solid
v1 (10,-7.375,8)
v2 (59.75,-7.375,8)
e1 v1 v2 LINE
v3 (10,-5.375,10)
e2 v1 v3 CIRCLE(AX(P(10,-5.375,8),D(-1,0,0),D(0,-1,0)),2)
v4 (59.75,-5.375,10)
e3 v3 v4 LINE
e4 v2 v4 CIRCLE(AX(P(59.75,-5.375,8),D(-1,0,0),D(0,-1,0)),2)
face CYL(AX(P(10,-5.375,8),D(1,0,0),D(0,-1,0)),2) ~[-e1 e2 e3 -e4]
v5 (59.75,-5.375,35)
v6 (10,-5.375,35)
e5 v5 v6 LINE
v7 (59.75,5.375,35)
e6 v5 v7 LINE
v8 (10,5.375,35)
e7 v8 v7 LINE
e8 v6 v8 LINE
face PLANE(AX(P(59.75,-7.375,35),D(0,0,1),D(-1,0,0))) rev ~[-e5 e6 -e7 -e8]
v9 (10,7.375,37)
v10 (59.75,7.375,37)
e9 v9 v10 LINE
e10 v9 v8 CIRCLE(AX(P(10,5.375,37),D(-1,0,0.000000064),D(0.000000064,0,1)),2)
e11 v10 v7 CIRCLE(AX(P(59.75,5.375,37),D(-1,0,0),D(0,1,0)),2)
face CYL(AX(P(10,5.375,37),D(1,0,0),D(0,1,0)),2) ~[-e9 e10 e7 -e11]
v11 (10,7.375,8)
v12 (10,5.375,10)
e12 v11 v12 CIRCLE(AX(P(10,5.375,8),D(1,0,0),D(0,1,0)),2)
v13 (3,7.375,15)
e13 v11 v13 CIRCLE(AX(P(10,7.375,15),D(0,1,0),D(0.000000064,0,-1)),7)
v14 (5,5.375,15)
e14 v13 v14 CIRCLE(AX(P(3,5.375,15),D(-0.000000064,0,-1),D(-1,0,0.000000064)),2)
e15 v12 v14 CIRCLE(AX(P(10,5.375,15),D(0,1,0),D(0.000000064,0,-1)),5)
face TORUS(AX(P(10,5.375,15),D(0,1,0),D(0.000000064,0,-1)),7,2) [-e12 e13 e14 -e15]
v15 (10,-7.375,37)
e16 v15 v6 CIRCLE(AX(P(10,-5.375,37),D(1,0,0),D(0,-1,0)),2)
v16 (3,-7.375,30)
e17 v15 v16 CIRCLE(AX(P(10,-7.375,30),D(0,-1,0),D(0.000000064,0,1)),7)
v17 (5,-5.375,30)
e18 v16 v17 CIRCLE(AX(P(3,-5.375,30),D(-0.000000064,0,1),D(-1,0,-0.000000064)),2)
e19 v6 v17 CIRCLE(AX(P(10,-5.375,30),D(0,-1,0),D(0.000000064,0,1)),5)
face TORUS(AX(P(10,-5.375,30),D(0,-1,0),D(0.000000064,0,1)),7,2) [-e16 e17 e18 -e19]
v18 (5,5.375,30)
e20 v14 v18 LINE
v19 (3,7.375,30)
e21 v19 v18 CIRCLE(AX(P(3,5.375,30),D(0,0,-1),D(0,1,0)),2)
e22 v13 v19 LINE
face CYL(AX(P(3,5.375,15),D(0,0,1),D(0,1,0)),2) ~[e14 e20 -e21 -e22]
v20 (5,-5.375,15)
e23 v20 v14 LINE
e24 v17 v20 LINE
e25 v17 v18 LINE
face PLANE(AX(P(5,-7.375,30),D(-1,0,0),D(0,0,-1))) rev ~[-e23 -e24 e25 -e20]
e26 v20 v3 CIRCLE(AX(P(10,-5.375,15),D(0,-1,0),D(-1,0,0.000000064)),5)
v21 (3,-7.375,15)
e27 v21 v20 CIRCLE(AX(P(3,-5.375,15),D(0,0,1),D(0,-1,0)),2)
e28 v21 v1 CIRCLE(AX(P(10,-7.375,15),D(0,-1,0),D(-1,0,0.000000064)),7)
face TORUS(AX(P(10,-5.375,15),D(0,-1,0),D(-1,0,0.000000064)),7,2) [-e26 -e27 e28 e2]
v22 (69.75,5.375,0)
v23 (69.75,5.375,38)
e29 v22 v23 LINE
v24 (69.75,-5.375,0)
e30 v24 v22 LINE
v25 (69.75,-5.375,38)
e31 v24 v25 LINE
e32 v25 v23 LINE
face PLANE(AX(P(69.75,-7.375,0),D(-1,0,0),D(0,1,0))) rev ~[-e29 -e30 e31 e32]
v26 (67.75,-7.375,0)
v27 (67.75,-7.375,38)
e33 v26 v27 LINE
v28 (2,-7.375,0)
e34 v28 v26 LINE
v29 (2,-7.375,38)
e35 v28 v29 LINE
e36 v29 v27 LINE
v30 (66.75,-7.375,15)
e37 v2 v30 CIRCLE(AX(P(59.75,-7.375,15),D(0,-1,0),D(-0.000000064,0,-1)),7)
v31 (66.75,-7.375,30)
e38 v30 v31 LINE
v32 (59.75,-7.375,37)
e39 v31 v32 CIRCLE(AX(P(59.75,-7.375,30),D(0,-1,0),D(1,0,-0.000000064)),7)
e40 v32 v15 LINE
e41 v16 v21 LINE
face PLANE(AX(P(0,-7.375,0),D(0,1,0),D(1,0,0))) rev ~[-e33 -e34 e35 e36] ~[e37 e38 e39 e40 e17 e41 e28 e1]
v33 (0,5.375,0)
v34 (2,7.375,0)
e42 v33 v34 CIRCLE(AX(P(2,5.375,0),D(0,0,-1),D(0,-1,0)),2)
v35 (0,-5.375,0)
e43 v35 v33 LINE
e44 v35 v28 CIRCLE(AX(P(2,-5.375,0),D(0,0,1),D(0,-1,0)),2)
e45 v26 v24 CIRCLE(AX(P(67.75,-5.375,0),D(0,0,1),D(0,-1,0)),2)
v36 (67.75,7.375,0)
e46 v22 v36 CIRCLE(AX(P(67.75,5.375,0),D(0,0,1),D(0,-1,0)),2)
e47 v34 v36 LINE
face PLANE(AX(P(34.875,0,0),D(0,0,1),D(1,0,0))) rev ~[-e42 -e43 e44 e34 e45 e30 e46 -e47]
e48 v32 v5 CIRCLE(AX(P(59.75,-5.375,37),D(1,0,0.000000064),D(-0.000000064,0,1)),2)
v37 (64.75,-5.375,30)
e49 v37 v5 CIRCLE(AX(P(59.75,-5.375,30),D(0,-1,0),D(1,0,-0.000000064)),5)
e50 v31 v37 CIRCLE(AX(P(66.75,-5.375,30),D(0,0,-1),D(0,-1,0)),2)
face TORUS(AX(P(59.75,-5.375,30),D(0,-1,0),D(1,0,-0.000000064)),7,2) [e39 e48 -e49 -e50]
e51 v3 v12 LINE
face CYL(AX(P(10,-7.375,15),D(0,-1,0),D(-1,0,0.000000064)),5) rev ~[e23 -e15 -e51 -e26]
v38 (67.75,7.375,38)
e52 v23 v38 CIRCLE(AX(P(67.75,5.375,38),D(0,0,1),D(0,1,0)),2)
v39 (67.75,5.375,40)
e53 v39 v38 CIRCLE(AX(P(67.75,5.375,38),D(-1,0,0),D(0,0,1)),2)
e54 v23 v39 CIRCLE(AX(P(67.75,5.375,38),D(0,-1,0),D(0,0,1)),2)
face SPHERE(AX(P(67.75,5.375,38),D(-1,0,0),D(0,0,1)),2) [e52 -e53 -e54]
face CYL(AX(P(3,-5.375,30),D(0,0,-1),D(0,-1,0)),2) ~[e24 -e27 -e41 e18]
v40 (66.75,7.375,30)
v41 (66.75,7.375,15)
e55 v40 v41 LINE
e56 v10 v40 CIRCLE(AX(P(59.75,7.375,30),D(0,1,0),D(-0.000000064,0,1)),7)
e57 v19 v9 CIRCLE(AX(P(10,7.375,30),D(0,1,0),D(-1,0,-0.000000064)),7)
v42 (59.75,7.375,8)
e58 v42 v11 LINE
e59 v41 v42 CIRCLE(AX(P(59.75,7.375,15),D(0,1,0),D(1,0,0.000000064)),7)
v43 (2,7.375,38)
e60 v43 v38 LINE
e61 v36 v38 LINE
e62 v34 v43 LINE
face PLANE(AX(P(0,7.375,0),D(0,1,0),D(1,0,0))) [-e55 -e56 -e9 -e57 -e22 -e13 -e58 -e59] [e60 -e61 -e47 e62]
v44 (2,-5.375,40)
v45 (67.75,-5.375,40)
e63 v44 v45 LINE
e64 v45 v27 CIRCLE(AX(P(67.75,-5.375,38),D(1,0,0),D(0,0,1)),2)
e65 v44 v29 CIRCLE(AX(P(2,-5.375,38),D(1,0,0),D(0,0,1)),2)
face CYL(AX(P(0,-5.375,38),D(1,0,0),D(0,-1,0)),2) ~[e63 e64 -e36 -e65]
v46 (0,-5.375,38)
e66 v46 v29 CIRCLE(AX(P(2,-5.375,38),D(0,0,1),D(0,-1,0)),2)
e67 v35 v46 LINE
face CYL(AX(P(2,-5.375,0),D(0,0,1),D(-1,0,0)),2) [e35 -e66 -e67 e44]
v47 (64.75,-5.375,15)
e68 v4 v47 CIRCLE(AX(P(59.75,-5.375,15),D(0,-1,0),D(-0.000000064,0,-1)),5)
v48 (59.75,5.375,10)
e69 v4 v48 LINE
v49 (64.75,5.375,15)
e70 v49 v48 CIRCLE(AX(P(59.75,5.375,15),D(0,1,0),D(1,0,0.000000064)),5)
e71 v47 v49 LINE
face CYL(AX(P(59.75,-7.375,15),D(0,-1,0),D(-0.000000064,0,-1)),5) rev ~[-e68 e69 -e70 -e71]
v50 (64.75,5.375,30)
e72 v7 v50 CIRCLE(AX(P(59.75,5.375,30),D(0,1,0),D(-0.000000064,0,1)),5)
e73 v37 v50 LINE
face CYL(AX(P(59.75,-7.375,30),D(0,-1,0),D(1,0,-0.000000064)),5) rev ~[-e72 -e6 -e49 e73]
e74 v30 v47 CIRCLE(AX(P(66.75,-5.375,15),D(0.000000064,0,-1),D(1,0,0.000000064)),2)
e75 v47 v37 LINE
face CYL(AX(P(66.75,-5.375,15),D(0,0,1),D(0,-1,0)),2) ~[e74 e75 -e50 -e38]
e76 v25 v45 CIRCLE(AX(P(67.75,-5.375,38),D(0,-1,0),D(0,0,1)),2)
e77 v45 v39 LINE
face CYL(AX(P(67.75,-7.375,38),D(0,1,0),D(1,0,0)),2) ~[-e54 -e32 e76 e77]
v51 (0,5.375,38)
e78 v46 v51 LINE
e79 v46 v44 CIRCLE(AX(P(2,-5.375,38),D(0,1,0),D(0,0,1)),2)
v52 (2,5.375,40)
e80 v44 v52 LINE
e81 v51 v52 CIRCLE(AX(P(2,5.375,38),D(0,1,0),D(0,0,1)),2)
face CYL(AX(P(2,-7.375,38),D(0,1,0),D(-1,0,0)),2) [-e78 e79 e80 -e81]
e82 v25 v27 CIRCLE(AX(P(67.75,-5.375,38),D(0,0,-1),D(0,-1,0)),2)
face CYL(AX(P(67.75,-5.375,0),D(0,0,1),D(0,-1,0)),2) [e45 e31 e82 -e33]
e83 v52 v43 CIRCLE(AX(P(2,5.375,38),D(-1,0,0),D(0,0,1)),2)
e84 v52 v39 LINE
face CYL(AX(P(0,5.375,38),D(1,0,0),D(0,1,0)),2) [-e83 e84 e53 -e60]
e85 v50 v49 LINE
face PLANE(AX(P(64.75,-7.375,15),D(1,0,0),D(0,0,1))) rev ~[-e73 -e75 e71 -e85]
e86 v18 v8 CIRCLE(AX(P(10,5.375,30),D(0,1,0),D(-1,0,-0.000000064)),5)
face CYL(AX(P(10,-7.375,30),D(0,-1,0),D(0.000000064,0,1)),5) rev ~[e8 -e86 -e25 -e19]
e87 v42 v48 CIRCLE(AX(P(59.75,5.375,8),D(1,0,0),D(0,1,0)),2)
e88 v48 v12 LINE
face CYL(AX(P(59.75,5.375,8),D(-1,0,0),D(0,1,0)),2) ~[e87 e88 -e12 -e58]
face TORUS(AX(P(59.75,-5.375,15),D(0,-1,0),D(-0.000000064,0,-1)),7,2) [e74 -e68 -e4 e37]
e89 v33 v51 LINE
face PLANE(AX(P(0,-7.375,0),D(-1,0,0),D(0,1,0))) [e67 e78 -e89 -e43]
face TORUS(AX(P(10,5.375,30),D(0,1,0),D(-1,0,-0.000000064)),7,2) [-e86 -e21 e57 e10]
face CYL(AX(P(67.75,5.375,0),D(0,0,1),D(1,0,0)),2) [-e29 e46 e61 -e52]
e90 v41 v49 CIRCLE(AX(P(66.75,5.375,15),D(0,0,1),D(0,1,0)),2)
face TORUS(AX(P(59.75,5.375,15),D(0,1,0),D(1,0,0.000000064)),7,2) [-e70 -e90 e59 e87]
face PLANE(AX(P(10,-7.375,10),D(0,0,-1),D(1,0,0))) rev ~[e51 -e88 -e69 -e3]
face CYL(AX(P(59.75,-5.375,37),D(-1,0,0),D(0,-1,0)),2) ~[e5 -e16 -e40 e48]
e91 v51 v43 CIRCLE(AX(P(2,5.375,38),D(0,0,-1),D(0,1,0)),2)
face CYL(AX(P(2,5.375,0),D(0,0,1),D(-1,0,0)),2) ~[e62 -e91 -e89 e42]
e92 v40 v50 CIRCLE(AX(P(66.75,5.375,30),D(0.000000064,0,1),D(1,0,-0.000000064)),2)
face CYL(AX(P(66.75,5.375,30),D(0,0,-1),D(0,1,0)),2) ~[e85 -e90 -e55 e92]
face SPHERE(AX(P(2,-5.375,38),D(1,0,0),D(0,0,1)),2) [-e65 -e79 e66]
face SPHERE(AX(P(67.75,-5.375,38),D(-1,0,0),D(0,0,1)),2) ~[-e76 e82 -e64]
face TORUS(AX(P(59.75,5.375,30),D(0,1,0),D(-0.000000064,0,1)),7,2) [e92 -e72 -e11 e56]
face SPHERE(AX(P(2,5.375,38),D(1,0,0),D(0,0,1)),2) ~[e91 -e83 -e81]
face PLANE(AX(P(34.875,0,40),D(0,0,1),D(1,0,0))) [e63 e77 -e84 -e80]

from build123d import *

# Parameters (mm, degrees)
F0_W     = 69.75
F0_H     = 14.75
F1_DEPTH = 40
F2_R     = 2
F4_DEPTH = 14.751
F7_R     = 2


with BuildPart() as f1:
    # F0 (on Top) → F1 (new body)
    with BuildSketch(Plane.XY):
        with Locations((34.875, 0)):
            Rectangle(F0_W, F0_H)
    extrude(amount=F1_DEPTH)

    # F2
    f2_edges = [f1.edges().sort_by_distance(p)[0] for p in [
        (34.875, -7.375, 40),
        (34.875, 7.375, 40),
        (69.75, 0, 40),
        (0, 0, 40),
        (69.75, -7.375, 20),
        (69.75, 7.375, 20),
        (0, -7.375, 20),
        (0, 7.375, 20),
    ]]
    fillet(f2_edges, radius=F2_R)

    # F3 (on face) → F4 (cut, through all)
    with BuildSketch(Plane.XZ.offset(7.375)):
        with BuildLine():
            Line((59.75, 35), (10, 35))
            ThreePointArc((10, 35), (6.464466, 33.535534), (5, 30))
            Line((5, 30), (5, 15))
            ThreePointArc((5, 15), (6.464466, 11.464466), (10, 10))
            Line((10, 10), (59.75, 10))
            ThreePointArc((59.75, 10), (63.285534, 11.464466), (64.75, 15))
            Line((64.75, 15), (64.75, 30))
            ThreePointArc((64.75, 30), (63.285534, 33.535534), (59.75, 35))
        make_face()
    extrude(amount=-F4_DEPTH, mode=Mode.SUBTRACT)

    # F7
    f7_edges = [f1.edges().sort_by_distance(p)[0] for p in [
        (34.875, -7.375, 10),
        (34.875, 7.375, 10),
    ]]
    fillet(f7_edges, radius=F7_R)


solid = f1.part
